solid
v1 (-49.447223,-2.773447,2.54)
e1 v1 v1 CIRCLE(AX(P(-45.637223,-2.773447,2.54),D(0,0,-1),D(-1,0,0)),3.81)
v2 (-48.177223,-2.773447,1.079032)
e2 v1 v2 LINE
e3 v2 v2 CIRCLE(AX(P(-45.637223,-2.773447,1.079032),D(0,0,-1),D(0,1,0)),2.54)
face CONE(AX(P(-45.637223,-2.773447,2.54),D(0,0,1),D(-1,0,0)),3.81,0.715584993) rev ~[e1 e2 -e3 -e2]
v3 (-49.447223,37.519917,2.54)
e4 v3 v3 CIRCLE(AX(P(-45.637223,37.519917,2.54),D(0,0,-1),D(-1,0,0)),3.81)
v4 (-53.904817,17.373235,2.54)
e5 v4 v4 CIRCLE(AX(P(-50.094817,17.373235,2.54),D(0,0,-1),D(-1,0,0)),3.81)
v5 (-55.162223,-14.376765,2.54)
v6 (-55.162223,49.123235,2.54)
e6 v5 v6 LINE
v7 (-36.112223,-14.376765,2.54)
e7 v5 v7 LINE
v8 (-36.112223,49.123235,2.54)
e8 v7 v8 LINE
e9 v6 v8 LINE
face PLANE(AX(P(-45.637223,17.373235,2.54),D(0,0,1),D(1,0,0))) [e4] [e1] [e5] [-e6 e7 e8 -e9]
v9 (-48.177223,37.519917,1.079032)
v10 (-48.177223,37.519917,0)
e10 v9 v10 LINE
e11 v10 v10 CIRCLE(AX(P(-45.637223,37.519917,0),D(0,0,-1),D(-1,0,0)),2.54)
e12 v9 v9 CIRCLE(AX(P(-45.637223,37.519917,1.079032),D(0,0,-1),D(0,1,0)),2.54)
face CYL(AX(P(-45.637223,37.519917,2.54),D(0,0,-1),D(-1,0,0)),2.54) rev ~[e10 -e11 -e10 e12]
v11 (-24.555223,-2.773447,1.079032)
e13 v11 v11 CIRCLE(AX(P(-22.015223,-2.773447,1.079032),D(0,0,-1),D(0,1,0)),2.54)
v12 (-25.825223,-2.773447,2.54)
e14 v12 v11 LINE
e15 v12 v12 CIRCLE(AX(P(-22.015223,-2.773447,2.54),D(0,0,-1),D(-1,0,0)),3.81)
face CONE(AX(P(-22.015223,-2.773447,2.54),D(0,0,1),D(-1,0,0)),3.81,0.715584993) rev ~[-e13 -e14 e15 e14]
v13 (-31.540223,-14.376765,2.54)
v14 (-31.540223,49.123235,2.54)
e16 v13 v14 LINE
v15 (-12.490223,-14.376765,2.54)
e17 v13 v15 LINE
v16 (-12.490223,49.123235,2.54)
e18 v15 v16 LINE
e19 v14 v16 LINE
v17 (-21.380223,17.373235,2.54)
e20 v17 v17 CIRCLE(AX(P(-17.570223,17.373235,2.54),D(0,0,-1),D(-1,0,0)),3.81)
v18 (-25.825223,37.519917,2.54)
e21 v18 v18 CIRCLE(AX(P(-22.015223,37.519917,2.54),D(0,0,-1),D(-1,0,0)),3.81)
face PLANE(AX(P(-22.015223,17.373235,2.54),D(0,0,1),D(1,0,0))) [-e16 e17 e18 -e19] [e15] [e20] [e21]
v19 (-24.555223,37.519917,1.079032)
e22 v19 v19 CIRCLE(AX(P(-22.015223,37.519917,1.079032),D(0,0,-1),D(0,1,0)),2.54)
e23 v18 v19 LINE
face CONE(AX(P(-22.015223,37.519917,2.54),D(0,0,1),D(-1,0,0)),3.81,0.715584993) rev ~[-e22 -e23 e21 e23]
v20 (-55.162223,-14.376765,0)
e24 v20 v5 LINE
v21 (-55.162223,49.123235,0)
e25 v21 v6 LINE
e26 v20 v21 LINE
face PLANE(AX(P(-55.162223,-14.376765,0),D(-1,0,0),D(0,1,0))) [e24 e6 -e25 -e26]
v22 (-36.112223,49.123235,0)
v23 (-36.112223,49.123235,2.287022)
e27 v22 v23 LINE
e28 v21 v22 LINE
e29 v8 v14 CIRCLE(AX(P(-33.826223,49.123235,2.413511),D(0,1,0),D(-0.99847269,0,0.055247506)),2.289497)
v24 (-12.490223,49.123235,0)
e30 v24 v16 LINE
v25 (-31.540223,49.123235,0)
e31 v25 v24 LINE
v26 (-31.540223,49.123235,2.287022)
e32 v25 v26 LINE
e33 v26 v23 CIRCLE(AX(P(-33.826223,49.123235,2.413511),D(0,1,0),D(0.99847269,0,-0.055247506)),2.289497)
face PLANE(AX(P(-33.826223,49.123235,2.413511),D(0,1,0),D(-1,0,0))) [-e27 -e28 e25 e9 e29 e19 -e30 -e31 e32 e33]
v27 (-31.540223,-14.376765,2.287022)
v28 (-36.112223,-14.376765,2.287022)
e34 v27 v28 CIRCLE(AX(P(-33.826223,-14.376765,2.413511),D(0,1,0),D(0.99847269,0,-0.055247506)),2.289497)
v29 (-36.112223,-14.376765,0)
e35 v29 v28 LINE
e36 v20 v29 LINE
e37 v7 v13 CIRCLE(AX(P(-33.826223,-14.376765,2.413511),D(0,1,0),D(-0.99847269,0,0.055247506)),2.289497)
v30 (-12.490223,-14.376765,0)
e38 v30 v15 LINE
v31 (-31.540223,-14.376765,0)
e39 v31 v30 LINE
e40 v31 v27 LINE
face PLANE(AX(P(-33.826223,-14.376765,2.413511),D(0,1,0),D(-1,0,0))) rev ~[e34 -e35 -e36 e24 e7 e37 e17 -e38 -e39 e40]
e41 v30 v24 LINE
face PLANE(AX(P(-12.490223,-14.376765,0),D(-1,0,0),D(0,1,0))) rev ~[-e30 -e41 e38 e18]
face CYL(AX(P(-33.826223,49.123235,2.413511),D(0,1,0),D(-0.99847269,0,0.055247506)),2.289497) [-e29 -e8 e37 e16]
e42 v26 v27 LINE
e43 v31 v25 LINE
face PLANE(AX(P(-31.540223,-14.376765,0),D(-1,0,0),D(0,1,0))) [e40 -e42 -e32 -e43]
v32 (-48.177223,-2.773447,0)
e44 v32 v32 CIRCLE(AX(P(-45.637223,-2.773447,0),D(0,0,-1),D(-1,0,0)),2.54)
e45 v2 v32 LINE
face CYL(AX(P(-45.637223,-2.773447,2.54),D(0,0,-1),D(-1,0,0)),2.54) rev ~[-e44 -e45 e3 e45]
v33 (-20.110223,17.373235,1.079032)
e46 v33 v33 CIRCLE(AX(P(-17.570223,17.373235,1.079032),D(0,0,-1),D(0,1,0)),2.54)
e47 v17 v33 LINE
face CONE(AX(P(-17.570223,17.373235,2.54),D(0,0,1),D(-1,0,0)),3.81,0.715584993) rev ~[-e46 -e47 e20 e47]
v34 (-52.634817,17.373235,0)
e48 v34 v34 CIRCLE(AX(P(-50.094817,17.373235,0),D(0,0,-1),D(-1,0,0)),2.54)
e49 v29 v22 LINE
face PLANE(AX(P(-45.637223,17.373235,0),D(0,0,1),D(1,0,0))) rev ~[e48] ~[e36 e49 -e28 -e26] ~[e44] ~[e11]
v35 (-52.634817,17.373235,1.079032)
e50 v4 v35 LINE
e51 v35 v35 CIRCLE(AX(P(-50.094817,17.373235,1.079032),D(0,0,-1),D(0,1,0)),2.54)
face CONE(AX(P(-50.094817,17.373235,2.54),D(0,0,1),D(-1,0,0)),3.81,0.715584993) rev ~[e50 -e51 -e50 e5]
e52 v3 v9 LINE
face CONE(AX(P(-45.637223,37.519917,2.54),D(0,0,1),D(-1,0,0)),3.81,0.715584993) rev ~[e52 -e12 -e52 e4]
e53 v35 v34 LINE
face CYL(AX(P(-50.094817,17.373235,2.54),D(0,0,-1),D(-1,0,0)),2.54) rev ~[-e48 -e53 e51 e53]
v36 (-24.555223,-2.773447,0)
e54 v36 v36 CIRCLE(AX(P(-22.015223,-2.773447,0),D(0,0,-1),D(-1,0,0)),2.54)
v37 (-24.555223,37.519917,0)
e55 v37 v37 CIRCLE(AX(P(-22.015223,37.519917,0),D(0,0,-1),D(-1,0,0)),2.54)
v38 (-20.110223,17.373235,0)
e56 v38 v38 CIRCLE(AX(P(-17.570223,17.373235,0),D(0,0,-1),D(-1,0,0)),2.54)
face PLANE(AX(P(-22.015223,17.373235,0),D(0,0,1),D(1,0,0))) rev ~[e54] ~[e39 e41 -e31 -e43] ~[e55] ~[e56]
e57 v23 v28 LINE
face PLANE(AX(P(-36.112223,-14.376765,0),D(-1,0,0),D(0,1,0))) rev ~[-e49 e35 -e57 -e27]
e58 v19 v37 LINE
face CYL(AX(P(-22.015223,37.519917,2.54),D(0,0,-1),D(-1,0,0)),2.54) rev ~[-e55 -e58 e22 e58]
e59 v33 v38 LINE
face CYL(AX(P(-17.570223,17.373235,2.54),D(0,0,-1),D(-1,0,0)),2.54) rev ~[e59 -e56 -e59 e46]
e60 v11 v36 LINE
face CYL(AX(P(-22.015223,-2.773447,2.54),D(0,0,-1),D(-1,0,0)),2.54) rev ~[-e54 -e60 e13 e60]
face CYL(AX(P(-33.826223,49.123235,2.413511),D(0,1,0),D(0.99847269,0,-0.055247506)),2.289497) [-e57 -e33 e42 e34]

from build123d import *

# Parameters (mm, degrees)
F0_W           = 19.05
F0_H           = 63.5
F1_DEPTH       = 2.54
F3_DEPTH       = 63.5
F5_D           = 5.08
F5_CSINK_D     = 7.62
F5_CSINK_ANGLE = 82


with BuildPart() as f1:
    # F0 (on Top) → F1 (new body)
    with BuildSketch(Plane.XY):
        with Locations((-45.6372228205, 17.373234883)):
            Rectangle(F0_W, F0_H)
    extrude(amount=F1_DEPTH)



with BuildPart() as f1b:
    # F0 (on Top) → F1, piece 2 (new body)
    with BuildSketch(Plane.XY):
        with Locations((-22.0152228205, 17.373234883)):
            Rectangle(F0_W, F0_H)
    extrude(amount=F1_DEPTH)


with BuildPart() as f1_1:
    add(f1.part)

    add(f1b.part)  # F3 merges F1b
    # F2 (on face) → F3 (join)
    with BuildSketch(Plane(origin=(0, 49.123234883, 0), x_dir=(-1, 0, 0), z_dir=(0, 1, 0))):
        with BuildLine():
            Line((31.5402228205, 2.54), (31.5402228205, 2.2870220252))
            ThreePointArc((31.5402228205, 2.2870220252), (33.8262228205, 0.1240142417), (36.1122228205, 2.2870220252))
            Line((36.1122228205, 2.2870220252), (36.1122228205, 2.54))
            ThreePointArc((36.1122228205, 2.54), (33.8262228205, 4.7030077835), (31.5402228205, 2.54))
        make_face()
    extrude(amount=-F3_DEPTH)

    # F5 (through all)
    with Locations(Plane.XY.offset(2.54)):
        with Locations((-45.6372228205, -2.7734471262), (-22.0152228205, -2.7734471262), (-17.5702228205, 17.373234883), (-50.0948168337, 17.373234883), (-45.6372228205, 37.5199168921), (-22.0152228205, 37.5199168921)):
            CounterSinkHole(F5_D / 2, F5_CSINK_D / 2, counter_sink_angle=F5_CSINK_ANGLE)


solid = f1_1.part
